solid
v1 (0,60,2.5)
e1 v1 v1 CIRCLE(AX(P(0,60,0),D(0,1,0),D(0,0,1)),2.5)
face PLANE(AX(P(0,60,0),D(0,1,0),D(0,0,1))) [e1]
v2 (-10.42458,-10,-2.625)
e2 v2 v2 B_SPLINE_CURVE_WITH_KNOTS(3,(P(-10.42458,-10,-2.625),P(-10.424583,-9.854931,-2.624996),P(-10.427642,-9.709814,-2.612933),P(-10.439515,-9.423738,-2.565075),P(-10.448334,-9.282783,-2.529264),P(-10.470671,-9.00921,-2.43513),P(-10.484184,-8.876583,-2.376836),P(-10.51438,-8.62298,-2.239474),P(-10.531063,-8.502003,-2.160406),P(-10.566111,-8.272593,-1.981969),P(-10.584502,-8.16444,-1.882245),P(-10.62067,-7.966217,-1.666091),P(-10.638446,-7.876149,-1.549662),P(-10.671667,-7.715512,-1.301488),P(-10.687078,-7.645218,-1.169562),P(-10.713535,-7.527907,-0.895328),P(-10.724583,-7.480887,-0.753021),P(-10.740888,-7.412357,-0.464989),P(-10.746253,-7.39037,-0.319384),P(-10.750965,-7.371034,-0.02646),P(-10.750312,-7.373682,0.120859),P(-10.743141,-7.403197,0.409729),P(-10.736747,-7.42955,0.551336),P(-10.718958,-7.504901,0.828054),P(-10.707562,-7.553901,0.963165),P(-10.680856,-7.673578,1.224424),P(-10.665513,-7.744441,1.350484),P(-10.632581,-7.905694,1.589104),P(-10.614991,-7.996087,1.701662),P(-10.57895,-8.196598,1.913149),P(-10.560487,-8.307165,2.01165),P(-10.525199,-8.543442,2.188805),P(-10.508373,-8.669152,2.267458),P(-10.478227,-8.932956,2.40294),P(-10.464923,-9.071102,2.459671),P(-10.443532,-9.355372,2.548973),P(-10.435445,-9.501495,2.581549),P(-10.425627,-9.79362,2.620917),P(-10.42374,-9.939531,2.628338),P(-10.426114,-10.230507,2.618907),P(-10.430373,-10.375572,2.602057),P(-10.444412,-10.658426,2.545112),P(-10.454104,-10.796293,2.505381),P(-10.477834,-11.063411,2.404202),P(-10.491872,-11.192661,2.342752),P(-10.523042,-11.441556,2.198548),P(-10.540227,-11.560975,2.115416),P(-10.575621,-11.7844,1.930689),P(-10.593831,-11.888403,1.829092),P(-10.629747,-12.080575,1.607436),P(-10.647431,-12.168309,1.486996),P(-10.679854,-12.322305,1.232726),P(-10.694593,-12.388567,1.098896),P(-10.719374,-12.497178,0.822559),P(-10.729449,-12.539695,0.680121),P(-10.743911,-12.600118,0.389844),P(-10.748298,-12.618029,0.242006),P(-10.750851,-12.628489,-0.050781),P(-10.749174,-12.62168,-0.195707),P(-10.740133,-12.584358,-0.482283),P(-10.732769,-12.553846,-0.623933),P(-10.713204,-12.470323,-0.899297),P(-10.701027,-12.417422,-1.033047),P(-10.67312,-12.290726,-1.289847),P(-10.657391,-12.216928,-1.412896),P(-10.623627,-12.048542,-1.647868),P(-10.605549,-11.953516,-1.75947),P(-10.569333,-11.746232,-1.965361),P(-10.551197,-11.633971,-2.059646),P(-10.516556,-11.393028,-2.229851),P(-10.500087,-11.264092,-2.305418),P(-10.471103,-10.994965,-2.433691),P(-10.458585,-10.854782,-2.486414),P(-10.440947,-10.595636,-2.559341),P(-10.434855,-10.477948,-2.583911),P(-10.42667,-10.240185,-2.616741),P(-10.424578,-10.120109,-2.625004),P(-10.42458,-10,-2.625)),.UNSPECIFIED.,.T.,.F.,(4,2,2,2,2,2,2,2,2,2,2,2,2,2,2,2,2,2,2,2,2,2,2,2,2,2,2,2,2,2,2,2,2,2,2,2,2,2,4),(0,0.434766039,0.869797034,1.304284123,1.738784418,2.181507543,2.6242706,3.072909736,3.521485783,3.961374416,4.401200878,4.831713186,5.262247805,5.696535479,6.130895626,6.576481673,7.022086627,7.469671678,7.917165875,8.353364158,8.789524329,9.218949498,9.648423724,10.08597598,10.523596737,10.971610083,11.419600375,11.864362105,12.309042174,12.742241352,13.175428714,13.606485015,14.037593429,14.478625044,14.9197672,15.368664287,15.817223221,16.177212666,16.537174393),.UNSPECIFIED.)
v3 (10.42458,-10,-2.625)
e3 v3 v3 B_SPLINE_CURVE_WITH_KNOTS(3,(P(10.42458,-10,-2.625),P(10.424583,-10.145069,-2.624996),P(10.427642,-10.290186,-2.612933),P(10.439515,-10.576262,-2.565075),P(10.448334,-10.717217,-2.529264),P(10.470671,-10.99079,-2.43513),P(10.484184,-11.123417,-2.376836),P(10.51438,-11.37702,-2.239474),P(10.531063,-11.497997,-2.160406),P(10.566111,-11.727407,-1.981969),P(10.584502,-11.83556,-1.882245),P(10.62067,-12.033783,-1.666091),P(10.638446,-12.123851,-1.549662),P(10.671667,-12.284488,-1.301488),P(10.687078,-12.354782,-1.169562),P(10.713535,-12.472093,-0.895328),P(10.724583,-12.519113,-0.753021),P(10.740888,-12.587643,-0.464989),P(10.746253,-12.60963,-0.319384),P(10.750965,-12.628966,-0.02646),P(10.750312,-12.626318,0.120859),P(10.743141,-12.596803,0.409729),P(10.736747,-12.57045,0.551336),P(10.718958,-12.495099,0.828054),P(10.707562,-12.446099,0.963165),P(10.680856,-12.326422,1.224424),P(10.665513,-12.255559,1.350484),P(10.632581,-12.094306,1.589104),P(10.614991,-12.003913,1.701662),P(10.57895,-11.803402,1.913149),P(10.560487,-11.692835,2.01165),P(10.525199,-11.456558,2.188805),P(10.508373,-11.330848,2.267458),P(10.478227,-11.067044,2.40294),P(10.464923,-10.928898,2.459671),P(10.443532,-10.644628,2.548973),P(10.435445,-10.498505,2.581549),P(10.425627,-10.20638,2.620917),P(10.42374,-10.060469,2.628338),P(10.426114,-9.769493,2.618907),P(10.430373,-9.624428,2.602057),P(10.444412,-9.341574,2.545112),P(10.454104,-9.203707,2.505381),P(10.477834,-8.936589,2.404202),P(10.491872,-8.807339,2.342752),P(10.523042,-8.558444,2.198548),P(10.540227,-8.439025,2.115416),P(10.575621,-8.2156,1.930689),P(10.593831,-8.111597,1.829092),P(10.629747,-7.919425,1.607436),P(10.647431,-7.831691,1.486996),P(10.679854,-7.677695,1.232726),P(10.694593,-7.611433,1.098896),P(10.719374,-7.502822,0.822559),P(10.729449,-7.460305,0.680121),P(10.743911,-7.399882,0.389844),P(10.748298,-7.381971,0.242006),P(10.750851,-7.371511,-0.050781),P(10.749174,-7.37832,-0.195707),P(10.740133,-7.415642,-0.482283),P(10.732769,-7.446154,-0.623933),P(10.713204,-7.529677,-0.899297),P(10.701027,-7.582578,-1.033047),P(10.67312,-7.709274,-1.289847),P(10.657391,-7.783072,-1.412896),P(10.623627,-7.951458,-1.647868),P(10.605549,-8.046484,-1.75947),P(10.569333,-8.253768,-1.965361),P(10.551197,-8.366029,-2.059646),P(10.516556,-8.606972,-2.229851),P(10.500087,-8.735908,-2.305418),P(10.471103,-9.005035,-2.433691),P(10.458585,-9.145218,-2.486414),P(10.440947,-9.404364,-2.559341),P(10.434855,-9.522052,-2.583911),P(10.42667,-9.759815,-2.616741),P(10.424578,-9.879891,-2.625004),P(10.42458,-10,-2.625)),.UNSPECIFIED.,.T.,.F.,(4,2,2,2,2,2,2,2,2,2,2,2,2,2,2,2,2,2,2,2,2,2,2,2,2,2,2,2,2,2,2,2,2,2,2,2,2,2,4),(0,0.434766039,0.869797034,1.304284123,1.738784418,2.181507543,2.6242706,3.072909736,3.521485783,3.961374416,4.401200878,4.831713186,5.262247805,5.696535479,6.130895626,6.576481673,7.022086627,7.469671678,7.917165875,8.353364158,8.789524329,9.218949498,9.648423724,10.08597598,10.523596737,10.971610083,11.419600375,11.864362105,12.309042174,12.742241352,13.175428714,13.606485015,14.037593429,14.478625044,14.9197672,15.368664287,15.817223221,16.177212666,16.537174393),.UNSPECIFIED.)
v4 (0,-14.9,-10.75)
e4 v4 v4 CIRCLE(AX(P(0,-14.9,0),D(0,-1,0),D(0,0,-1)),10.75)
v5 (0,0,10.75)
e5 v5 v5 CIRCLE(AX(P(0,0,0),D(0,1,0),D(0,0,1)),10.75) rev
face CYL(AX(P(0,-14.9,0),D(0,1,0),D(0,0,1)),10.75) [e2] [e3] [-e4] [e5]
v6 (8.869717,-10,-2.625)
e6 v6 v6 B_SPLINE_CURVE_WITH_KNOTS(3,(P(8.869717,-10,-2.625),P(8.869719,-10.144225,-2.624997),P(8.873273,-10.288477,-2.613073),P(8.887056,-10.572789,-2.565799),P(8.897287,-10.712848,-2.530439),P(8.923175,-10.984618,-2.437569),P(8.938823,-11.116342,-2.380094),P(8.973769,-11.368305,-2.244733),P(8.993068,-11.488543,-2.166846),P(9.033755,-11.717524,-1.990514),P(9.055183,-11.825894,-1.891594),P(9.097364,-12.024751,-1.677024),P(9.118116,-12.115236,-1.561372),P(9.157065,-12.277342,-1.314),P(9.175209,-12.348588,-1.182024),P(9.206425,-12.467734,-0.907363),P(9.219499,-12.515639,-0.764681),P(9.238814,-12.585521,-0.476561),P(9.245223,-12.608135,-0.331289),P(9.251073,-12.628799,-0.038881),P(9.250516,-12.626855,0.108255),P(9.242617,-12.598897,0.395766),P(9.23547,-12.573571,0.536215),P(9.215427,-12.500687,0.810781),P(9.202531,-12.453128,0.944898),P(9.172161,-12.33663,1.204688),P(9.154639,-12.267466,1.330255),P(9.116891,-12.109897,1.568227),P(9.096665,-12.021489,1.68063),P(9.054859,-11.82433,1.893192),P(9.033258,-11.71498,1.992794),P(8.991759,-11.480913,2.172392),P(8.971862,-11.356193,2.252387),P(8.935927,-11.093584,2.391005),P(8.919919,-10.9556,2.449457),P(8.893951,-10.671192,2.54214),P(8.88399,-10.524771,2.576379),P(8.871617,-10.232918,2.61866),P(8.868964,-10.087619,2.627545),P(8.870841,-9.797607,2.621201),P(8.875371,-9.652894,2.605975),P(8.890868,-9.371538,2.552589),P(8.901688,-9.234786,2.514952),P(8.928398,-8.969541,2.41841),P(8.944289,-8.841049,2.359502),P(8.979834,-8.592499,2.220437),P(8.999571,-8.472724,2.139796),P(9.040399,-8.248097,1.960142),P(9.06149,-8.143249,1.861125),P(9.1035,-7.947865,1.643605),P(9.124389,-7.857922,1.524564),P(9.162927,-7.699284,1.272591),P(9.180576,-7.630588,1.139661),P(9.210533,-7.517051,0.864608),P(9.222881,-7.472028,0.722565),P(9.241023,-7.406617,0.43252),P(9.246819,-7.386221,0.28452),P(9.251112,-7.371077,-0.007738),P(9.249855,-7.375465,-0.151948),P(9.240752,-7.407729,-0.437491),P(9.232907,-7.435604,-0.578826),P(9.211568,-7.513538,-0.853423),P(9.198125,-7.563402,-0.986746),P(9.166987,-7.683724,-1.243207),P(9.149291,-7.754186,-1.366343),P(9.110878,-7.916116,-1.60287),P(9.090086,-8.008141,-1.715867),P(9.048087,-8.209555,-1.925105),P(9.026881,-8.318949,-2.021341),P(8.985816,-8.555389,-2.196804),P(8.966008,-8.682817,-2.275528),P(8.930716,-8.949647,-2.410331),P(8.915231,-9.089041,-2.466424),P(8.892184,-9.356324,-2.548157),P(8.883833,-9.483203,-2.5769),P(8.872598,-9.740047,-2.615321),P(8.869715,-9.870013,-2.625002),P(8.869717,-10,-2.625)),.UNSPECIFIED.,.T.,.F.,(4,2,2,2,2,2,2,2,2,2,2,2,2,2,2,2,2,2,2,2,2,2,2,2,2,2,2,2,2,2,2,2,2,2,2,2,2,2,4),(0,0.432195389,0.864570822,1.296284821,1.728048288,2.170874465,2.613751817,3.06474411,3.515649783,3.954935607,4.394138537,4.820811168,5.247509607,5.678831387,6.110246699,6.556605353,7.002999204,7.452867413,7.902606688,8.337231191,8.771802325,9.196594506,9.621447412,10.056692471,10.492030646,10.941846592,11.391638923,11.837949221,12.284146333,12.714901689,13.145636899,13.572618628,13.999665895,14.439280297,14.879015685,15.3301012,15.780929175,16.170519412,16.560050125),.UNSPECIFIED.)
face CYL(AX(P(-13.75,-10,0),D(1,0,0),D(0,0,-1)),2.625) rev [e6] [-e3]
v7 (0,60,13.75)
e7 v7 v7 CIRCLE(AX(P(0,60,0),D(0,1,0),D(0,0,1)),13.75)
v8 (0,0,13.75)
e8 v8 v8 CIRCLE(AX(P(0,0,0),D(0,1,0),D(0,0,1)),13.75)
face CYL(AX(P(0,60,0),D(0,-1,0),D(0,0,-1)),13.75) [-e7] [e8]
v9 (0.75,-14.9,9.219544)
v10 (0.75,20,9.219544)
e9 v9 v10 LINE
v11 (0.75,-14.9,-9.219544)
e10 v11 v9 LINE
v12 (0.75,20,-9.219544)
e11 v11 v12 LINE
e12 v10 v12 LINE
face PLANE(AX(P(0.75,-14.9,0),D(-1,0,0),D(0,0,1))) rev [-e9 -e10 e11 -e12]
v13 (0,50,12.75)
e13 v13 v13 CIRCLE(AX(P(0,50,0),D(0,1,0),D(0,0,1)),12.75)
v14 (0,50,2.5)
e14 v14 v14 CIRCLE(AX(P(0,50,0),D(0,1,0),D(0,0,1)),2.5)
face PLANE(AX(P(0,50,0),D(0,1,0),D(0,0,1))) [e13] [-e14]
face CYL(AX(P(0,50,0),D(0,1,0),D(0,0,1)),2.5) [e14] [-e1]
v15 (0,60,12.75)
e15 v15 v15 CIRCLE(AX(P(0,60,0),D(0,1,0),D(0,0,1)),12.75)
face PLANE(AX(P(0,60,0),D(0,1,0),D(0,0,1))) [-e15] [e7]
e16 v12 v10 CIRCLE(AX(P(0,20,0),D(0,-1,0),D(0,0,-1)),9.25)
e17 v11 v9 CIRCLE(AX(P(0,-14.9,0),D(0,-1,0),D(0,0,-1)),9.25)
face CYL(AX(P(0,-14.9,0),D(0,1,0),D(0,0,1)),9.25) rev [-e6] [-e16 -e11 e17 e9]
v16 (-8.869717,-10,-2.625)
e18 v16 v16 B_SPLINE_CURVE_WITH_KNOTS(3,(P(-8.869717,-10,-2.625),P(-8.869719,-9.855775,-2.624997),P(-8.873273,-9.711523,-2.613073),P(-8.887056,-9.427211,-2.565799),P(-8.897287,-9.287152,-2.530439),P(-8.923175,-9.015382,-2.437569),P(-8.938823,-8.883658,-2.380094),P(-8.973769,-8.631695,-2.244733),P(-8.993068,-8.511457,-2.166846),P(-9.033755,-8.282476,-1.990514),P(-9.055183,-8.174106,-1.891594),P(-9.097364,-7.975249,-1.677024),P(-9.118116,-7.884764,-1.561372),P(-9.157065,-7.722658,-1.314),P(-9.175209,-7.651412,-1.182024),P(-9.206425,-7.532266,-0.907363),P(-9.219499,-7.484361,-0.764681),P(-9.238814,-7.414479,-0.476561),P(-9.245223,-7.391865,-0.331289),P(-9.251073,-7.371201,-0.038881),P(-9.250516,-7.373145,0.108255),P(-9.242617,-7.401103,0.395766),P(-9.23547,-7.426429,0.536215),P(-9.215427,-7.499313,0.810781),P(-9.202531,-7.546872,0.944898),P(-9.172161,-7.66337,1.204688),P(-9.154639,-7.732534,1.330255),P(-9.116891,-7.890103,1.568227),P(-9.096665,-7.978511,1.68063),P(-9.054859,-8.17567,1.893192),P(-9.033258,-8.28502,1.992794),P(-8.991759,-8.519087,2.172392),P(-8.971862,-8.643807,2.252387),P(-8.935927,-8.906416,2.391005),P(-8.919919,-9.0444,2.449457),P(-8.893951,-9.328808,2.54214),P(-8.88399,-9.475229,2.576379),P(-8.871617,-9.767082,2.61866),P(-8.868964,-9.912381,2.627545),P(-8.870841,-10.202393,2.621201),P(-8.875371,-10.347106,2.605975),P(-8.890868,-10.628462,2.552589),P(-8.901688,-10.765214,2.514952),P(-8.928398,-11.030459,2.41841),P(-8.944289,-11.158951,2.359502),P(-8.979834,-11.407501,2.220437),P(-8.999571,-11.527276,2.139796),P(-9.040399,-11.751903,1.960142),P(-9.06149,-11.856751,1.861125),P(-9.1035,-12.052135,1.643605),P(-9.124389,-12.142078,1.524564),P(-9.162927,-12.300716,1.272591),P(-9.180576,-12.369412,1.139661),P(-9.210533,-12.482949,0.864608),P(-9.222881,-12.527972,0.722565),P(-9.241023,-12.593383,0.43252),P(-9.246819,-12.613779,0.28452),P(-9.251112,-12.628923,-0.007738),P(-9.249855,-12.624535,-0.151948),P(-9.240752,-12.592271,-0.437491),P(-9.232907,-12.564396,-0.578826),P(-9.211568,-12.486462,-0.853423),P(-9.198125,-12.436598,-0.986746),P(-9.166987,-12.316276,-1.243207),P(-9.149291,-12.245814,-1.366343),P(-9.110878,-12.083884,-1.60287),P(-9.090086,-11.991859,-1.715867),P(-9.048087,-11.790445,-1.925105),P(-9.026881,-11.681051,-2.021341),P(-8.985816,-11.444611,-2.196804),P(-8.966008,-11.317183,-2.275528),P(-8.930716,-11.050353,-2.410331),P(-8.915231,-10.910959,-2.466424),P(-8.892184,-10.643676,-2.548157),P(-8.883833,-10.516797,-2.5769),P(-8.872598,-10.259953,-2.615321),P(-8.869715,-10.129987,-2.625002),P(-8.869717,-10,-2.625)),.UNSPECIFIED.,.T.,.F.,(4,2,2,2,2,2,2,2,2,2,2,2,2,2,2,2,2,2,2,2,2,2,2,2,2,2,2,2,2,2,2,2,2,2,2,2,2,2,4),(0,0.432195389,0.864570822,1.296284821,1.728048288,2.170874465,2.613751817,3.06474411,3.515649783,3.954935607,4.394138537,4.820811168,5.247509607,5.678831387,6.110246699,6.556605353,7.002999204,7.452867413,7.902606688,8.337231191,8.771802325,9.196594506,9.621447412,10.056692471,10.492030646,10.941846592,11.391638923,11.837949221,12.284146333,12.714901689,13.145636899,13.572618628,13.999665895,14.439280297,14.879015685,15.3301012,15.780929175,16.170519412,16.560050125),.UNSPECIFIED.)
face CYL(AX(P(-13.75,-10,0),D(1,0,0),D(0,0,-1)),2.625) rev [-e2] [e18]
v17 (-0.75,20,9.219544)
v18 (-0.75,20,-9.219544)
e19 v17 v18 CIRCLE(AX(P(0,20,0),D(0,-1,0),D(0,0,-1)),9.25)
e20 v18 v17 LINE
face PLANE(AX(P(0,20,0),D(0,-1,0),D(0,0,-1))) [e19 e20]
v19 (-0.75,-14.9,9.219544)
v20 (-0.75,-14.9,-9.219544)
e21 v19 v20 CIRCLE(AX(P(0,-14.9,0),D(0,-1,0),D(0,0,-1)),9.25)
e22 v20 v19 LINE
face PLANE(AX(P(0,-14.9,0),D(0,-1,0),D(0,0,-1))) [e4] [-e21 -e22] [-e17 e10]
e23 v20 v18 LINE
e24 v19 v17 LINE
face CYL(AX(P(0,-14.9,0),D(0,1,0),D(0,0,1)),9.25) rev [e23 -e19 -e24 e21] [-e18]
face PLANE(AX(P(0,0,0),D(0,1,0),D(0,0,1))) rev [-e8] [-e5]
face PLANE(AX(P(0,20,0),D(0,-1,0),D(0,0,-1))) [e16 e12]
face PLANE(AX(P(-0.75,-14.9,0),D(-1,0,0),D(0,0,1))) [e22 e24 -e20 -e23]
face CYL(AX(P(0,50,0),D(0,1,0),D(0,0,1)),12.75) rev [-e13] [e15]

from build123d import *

# Parameters (mm, degrees)
SKETCH1_R                       = 13.75
BOSS_EXTRUDE1_DEPTH             = 60
SKETCH5_R                       = 10.75
BOSS_EXTRUDE2_DEPTH             = 14.9
CUT_EXTRUDE1_START              = -20
CUT_EXTRUDE1_DEPTH              = 20
CUT_EXTRUDE2_DEPTH              = 64.072379058
CUT_EXTRUDE2_DEPTH_BACK         = 64.072379058
SKETCH7_R                       = 2.625
BOSS_EXTRUDE3_REACH             = 65.072
SKETCH8_R                       = 2.625
BOSS_EXTRUDE3_DIRECTION_2_REACH = 65.072
SKETCH9_R                       = 12.75
SKETCH9_R_2                     = 2.5
CUT_EXTRUDE3_DEPTH              = 10


with BuildPart() as part:
    # Sketch1 → Boss-Extrude1 (new body)
    with BuildSketch(Plane(origin=(0, 0, 0), x_dir=(1, 0, 0), z_dir=(0, 1, 0))):
        Circle(SKETCH1_R)
    extrude(amount=BOSS_EXTRUDE1_DEPTH)

    # Sketch5 → Boss-Extrude2 (add)
    with BuildSketch(Plane.XZ):
        Circle(SKETCH5_R)
        with BuildLine():
            ThreePointArc((-0.75, -9.219544457), (-9.25, 0), (-0.75, 9.219544457))
            Line((-0.75, 9.219544457), (-0.75, -9.219544457))
        make_face(mode=Mode.SUBTRACT)
        with BuildLine():
            Line((0.75, -9.219544457), (0.75, 9.219544457))
            ThreePointArc((0.75, 9.219544457), (9.25, 0), (0.75, -9.219544457))
        make_face(mode=Mode.SUBTRACT)
    extrude(amount=BOSS_EXTRUDE2_DEPTH)

    # Sketch6 → Cut-Extrude1 (cut)
    with BuildSketch(Plane.XZ.offset(CUT_EXTRUDE1_START)):
        with BuildLine():
            Line((-0.75, -9.219544457), (-0.75, 9.219544457))
            ThreePointArc((-0.75, 9.219544457), (-9.25, 0), (-0.75, -9.219544457))
        make_face()
        with BuildLine():
            ThreePointArc((0.75, -9.219544457), (9.25, 0), (0.75, 9.219544457))
            Line((0.75, 9.219544457), (0.75, -9.219544457))
        make_face()
    extrude(amount=CUT_EXTRUDE1_DEPTH, mode=Mode.SUBTRACT)

    # Sketch7 → Cut-Extrude2 (cut, two sides: drawn at the far end of the back side and taken through both)
    with BuildSketch(Plane(origin=(0, 0, 0), x_dir=(0, 0, -1), z_dir=(1, 0, 0)).offset(-CUT_EXTRUDE2_DEPTH_BACK)):
        with Locations((0, -10)):
            Circle(SKETCH7_R)
    extrude(amount=CUT_EXTRUDE2_DEPTH + CUT_EXTRUDE2_DEPTH_BACK, mode=Mode.SUBTRACT)

    # Boss-Extrude3: up to this face of the body (flat: up to its plane)
    boss_extrude3_end = Plane(part.part.faces().sort_by_distance((0.75, 2.986865704, 0))[0])
    # Sketch8 → Boss-Extrude3 (add, up to the picked face)
    with BuildSketch(Plane(origin=(0, 0, 0), x_dir=(0, 0, -1), z_dir=(1, 0, 0)), mode=Mode.PRIVATE) as boss_extrude3_sk1:
        with Locations((0, -10)):
            Circle(SKETCH8_R)
    boss_extrude3_tool1 = split(extrude(boss_extrude3_sk1.sketch, amount=BOSS_EXTRUDE3_REACH, mode=Mode.PRIVATE), bisect_by=boss_extrude3_end, keep=Keep.BOTH, mode=Mode.PRIVATE)
    add(boss_extrude3_tool1.solids().sort_by(Axis((0, -10, 0), (1, 0, 0)))[0])

    # Boss-Extrude3 direction 2: up to this face of the body (flat: up to its plane)
    boss_extrude3_direction_2_end = Plane(part.part.faces().sort_by_distance((-0.75, 2.986865704, 0))[0])
    # Sketch8 → Boss-Extrude3 direction 2 (add, up to the picked face)
    with BuildSketch(Plane(origin=(0, 0, 0), x_dir=(0, 0, -1), z_dir=(1, 0, 0)), mode=Mode.PRIVATE) as boss_extrude3_direction_2_sk1:
        with Locations((0, -10)):
            Circle(SKETCH8_R)
    boss_extrude3_direction_2_tool1 = split(extrude(boss_extrude3_direction_2_sk1.sketch, amount=-BOSS_EXTRUDE3_DIRECTION_2_REACH, mode=Mode.PRIVATE), bisect_by=boss_extrude3_direction_2_end, keep=Keep.BOTH, mode=Mode.PRIVATE)
    add(boss_extrude3_direction_2_tool1.solids().sort_by(Axis((0, -10, 0), (-1, 0, 0)))[0])

    # Sketch9 → Cut-Extrude3 (cut)
    with BuildSketch(Plane(origin=(0, 60, 0), x_dir=(1, 0, 0), z_dir=(0, 1, 0))):
        Circle(SKETCH9_R)
        Circle(SKETCH9_R_2, mode=Mode.SUBTRACT)
    extrude(amount=-CUT_EXTRUDE3_DEPTH, mode=Mode.SUBTRACT)


solid = part.part
